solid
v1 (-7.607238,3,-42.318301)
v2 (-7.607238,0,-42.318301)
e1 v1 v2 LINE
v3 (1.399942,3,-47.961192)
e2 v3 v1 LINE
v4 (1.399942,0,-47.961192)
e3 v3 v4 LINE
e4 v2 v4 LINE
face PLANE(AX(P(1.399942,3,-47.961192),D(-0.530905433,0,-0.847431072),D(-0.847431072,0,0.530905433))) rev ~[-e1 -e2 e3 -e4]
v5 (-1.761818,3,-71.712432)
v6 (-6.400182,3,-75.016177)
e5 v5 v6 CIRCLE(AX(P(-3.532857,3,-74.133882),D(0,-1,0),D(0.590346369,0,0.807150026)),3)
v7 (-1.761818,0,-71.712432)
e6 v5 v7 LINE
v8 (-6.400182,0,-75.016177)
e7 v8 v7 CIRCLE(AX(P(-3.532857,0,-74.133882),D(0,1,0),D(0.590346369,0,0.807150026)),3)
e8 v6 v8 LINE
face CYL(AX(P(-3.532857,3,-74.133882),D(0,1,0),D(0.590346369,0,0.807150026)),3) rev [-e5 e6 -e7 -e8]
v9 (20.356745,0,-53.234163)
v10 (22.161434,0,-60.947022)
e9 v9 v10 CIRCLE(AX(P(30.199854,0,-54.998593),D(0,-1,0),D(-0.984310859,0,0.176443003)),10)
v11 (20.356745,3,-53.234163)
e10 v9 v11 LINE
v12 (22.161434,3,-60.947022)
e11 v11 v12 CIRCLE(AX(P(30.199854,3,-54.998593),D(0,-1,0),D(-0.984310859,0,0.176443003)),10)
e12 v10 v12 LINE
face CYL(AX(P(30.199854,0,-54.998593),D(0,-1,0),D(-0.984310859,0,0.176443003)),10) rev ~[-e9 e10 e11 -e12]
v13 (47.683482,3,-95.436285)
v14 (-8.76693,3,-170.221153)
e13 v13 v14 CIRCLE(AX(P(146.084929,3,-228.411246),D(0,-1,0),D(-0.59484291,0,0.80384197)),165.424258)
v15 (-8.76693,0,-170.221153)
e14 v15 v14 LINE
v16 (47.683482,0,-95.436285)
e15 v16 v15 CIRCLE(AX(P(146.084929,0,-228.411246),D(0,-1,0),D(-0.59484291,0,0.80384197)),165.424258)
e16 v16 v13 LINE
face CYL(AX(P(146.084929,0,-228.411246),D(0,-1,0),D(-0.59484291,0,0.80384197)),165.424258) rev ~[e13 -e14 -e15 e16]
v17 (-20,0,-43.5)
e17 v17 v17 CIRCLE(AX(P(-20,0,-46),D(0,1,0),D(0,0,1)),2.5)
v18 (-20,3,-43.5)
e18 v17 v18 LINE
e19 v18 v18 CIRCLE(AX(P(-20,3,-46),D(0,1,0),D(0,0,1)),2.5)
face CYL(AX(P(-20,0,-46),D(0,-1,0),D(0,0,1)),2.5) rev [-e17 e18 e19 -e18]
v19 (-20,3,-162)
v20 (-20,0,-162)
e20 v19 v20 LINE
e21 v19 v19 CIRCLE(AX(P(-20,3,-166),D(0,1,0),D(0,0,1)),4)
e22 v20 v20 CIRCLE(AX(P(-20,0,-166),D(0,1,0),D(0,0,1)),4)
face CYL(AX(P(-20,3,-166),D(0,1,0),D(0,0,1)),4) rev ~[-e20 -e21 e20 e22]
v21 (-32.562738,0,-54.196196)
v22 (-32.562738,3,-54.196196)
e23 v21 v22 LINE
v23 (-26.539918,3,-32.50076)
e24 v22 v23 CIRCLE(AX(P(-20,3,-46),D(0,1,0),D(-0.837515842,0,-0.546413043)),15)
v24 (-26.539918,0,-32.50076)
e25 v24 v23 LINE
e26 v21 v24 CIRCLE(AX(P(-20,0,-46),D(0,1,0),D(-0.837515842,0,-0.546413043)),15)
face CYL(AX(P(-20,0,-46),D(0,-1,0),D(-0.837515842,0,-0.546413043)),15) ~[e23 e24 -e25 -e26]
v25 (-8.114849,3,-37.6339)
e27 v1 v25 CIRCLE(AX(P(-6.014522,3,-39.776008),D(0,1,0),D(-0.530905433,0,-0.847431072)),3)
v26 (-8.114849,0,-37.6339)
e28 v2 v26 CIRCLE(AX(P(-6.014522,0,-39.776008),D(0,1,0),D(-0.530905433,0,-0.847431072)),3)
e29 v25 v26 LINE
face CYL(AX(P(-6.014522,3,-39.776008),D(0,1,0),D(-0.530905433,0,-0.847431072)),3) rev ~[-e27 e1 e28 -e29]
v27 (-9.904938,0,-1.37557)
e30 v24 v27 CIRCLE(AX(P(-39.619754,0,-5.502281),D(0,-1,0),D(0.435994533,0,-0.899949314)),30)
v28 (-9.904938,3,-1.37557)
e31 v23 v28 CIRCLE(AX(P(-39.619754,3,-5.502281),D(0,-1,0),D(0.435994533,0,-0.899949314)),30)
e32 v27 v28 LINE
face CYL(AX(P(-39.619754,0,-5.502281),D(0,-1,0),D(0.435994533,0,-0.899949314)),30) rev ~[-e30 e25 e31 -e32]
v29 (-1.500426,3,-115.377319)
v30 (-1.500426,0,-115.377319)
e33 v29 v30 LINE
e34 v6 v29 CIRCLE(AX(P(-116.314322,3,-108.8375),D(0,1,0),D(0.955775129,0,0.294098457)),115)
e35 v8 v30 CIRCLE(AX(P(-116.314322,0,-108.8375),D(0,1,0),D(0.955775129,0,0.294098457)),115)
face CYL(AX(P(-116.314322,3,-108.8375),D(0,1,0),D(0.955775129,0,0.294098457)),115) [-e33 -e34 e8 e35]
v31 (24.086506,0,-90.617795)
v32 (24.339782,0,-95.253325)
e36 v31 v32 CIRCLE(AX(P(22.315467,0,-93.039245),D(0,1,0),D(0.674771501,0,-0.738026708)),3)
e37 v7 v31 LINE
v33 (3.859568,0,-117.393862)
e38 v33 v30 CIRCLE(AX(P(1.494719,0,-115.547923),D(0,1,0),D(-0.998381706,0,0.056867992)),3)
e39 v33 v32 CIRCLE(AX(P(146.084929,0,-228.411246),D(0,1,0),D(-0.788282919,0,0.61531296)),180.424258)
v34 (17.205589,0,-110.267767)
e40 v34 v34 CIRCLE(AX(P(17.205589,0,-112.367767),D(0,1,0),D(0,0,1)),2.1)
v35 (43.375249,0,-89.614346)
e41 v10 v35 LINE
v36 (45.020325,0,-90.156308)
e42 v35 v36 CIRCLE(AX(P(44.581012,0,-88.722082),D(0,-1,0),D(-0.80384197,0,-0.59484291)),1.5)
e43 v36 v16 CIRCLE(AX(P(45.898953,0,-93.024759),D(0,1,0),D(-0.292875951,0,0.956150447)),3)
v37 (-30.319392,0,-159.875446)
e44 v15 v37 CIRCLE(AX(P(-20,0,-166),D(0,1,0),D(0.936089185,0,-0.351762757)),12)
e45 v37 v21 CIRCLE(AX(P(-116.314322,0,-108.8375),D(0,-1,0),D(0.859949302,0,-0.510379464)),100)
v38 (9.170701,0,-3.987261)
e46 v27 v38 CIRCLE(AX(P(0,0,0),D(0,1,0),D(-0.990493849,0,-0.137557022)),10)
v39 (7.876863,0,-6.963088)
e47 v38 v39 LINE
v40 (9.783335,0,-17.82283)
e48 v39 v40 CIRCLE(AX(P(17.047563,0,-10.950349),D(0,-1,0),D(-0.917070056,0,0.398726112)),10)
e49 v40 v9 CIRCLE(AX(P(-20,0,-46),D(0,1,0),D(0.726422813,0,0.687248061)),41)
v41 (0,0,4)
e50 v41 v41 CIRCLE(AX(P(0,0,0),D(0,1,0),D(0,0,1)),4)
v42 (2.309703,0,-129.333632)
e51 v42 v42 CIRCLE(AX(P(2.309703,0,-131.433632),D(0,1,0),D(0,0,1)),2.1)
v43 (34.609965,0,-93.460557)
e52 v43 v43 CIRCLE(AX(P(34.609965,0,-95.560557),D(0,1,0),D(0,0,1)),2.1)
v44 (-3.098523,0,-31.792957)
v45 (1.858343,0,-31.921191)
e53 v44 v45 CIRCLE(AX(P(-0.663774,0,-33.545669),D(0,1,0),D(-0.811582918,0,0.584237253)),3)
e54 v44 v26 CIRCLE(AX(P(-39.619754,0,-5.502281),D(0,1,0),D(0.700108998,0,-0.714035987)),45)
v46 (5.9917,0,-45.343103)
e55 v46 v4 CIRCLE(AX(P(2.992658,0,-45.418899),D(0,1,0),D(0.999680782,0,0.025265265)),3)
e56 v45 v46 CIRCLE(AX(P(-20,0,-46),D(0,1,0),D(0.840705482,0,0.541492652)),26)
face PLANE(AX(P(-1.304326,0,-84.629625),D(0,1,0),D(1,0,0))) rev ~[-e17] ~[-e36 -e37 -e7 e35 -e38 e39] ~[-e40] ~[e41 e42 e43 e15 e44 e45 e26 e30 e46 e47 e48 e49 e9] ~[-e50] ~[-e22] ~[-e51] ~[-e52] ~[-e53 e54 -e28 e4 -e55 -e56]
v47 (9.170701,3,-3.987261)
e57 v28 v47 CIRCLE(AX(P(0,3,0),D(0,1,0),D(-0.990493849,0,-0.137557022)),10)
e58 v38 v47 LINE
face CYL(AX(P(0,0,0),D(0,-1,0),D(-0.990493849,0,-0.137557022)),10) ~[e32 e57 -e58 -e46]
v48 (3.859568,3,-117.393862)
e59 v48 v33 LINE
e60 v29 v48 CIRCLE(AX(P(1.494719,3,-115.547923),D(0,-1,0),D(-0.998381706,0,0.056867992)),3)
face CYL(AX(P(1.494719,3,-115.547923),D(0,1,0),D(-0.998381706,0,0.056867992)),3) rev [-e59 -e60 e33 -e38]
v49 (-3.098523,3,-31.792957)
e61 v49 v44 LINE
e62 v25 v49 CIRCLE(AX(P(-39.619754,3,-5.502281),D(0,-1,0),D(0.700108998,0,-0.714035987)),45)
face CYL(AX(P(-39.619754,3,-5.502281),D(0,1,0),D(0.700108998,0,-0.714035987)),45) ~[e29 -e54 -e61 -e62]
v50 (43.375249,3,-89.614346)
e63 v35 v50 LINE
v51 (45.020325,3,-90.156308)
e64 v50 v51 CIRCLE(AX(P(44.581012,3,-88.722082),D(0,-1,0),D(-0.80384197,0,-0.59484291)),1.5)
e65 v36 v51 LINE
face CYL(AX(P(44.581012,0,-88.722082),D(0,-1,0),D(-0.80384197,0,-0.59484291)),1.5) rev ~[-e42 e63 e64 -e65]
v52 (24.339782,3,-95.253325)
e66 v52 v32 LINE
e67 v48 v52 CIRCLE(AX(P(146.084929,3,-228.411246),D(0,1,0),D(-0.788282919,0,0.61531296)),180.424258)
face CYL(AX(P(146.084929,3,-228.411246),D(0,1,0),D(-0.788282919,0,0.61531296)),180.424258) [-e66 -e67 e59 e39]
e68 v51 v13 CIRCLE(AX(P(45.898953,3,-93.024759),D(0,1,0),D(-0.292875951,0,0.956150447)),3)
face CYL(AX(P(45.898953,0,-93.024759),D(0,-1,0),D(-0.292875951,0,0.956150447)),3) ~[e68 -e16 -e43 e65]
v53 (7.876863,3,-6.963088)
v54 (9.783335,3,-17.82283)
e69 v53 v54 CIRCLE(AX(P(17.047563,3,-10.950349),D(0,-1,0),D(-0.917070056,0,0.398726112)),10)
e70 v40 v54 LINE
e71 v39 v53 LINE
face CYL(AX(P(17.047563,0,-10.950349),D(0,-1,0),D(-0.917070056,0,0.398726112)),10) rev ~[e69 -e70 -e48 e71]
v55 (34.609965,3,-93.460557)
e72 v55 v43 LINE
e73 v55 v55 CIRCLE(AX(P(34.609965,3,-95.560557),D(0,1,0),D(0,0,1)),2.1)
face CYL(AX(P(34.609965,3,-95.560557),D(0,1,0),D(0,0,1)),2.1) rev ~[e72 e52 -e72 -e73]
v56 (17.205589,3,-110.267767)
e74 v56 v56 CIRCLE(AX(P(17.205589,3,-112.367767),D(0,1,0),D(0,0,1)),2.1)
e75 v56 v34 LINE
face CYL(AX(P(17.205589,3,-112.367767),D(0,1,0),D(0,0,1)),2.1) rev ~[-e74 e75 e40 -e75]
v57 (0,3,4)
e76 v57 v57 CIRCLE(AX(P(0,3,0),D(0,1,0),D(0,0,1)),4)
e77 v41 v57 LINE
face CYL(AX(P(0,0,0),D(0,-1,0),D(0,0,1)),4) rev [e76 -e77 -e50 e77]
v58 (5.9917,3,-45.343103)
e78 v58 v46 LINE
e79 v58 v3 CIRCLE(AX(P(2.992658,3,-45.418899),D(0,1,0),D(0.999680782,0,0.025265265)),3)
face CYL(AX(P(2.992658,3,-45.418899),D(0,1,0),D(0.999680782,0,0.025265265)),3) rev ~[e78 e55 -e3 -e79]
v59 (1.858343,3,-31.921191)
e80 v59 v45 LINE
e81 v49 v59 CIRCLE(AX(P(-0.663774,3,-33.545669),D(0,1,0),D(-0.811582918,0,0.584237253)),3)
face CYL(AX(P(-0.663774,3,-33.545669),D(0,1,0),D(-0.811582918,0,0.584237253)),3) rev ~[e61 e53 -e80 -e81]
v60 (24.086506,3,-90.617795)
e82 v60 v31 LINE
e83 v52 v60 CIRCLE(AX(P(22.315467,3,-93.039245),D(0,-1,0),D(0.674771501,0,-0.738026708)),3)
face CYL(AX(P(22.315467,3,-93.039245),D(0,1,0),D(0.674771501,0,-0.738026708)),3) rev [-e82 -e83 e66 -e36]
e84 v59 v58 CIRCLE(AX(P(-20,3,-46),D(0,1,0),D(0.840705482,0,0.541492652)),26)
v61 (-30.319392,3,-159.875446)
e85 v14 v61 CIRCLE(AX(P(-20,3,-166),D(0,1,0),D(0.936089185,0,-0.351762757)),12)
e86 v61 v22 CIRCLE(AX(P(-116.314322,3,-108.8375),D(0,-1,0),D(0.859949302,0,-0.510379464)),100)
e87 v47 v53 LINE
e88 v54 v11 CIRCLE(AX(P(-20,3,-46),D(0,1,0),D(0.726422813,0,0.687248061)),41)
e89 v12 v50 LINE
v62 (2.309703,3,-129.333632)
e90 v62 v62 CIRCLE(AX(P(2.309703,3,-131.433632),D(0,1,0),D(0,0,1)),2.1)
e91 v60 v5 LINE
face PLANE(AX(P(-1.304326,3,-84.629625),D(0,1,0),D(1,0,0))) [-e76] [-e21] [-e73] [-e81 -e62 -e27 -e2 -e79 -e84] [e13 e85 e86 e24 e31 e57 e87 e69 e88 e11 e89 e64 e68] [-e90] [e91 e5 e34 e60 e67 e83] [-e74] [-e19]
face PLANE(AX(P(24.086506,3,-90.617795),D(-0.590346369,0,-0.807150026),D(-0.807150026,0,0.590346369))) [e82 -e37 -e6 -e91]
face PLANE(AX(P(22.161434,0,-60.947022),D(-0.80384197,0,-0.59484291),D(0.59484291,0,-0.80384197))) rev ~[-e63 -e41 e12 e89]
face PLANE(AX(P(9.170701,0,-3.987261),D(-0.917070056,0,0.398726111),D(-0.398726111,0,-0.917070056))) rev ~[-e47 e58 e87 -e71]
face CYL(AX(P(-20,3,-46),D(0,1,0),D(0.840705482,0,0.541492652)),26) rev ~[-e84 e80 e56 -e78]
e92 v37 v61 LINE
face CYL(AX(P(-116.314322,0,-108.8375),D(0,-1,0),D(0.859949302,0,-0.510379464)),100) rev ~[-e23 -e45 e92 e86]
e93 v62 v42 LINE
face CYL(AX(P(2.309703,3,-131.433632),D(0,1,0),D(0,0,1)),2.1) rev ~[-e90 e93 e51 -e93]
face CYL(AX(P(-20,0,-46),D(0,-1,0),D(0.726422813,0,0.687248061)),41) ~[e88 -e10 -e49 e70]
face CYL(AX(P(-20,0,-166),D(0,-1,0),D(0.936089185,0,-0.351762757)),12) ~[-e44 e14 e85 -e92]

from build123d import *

# Parameters (mm, degrees)
SKETCH1_R           = 4
SKETCH1_R_2         = 2.5
BOSS_EXTRUDE2_DEPTH = 3
CUT_EXTRUDE2_REACH  = 186.619
SKETCH2_R           = 4
CUT_EXTRUDE3_REACH  = 186.619
SKETCH3_R           = 2.1


with BuildPart() as part:
    # Sketch1 → Boss-Extrude2 (new body)
    with BuildSketch(Plane(origin=(0, 0, 0), x_dir=(1, 0, 0), z_dir=(0, 1, 0))):
        with BuildLine():
            Line((9.170700563, 3.987261114), (7.876862883, 6.963087778))
            ThreePointArc((7.876862883, 6.963087778), (7.198186925, 12.679447551), (9.783335319, 17.822829502))
            ThreePointArc((9.783335319, 17.822829502), (19.286109016, 34.269627525), (20.356745206, 53.234163146))
            ThreePointArc((20.356745206, 53.234163146), (20.462846426, 57.276901224), (22.161434095, 60.947022282))
            Line((22.161434095, 60.947022282), (43.375248586, 89.614346273))
            ThreePointArc((43.375248586, 89.614346273), (44.111659282, 90.146760278), (45.020325467, 90.156307579))
            ThreePointArc((45.020325467, 90.156307579), (48.577517121, 91.673723777), (47.683482049, 95.43628483))
            ThreePointArc((47.683482049, 95.43628483), (14.052723286, 128.748405766), (-8.766929777, 170.221153086))
            ThreePointArc((-8.766929777, 170.221153086), (-25.192986973, 176.818173889), (-30.319391627, 159.875446429))
            ThreePointArc((-30.319391627, 159.875446429), (-16.336845375, 106.715190551), (-32.562737633, 54.196195652))
            ThreePointArc((-32.562737633, 54.196195652), (-34.453402431, 41.987624374), (-26.539917992, 32.500760293))
            ThreePointArc((-26.539917992, 32.500760293), (-13.161486595, 19.643005303), (-9.904938494, 1.37557022))
            ThreePointArc((-9.904938494, 1.37557022), (1.356469191, -9.907572424), (9.170700563, 3.987261114))
        make_face()
        with Locations(Location((0, 0, 0), (0, 0, 270))):
            Circle(SKETCH1_R, mode=Mode.SUBTRACT)
        with Locations(Location((-20, 46, 0), (0, 0, 270))):
            Circle(SKETCH1_R_2, mode=Mode.SUBTRACT)
    extrude(amount=BOSS_EXTRUDE2_DEPTH)

    # Sketch2 → Cut-Extrude2 (cut, up to next)
    with BuildSketch(Plane(origin=(0, 3, 0), x_dir=(1, 0, 0), z_dir=(0, 1, 0)), mode=Mode.PRIVATE) as cut_extrude2_sk1:
        with Locations(Location((-20, 166, 0), (0, 0, 270))):
            Circle(SKETCH2_R)
    cut_extrude2_tool1 = extrude(cut_extrude2_sk1.sketch, amount=-CUT_EXTRUDE2_REACH, mode=Mode.PRIVATE) & part.part
    # Sketch2 → Cut-Extrude2 (cut, up to next)
    with BuildSketch(Plane(origin=(0, 3, 0), x_dir=(1, 0, 0), z_dir=(0, 1, 0)), mode=Mode.PRIVATE) as cut_extrude2_sk2:
        with BuildLine():
            Line((24.08650635, 90.617794829), (-1.761817511, 71.71243196))
            ThreePointArc((-1.761817511, 71.71243196), (-5.273300355, 71.690348613), (-6.400182005, 75.01617741))
            ThreePointArc((-6.400182005, 75.01617741), (-2.152471882, 94.978495294), (-1.500425627, 115.37731909))
            ThreePointArc((-1.500425627, 115.37731909), (0.438343778, 118.355781743), (3.85956825, 117.393861946))
            ThreePointArc((3.85956825, 117.393861946), (13.636229053, 105.89490145), (24.339781746, 95.253325031))
            ThreePointArc((24.339781746, 95.253325031), (25.310999303, 92.875575481), (24.08650635, 90.617794829))
        make_face()
    cut_extrude2_tool2 = extrude(cut_extrude2_sk2.sketch, amount=-CUT_EXTRUDE2_REACH, mode=Mode.PRIVATE) & part.part
    # Sketch2 → Cut-Extrude2 (cut, up to next)
    with BuildSketch(Plane(origin=(0, 3, 0), x_dir=(1, 0, 0), z_dir=(0, 1, 0)), mode=Mode.PRIVATE) as cut_extrude2_sk3:
        with BuildLine():
            Line((1.399941693, 47.961192116), (-7.607238393, 42.3183015))
            ThreePointArc((-7.607238393, 42.3183015), (-8.997062251, 40.099202055), (-8.114849087, 37.633900322))
            ThreePointArc((-8.114849087, 37.633900322), (-5.481535576, 34.820910528), (-3.098522666, 31.792957242))
            ThreePointArc((-3.098522666, 31.792957242), (-0.586190052, 30.546672377), (1.858342535, 31.921191043))
            ThreePointArc((1.858342535, 31.921191043), (4.848412053, 38.347783431), (5.991700338, 45.343103105))
            ThreePointArc((5.991700338, 45.343103105), (4.478604072, 48.025038621), (1.399941693, 47.961192116))
        make_face()
    cut_extrude2_tool3 = extrude(cut_extrude2_sk3.sketch, amount=-CUT_EXTRUDE2_REACH, mode=Mode.PRIVATE) & part.part
    add(cut_extrude2_tool1.solids().sort_by_distance((-20, 3, -166))[0], mode=Mode.SUBTRACT)
    add(cut_extrude2_tool2.solids().sort_by_distance((6.92649, 3, -93.946856))[0], mode=Mode.SUBTRACT)
    add(cut_extrude2_tool3.solids().sort_by_distance((-0.710411, 3, -39.721946))[0], mode=Mode.SUBTRACT)

    # Sketch3 → Cut-Extrude3 (cut, up to next)
    with BuildSketch(Plane(origin=(0, 3, 0), x_dir=(1, 0, 0), z_dir=(0, 1, 0)), mode=Mode.PRIVATE) as cut_extrude3_sk1:
        with Locations(Location((2.309703224, 131.433631836, 0), (0, 0, 270))):
            Circle(SKETCH3_R)
    cut_extrude3_tool1 = extrude(cut_extrude3_sk1.sketch, amount=-CUT_EXTRUDE3_REACH, mode=Mode.PRIVATE) & part.part
    # Sketch3 → Cut-Extrude3 (cut, up to next)
    with BuildSketch(Plane(origin=(0, 3, 0), x_dir=(1, 0, 0), z_dir=(0, 1, 0)), mode=Mode.PRIVATE) as cut_extrude3_sk2:
        with Locations(Location((34.609964816, 95.56055708, 0), (0, 0, 270))):
            Circle(SKETCH3_R)
    cut_extrude3_tool2 = extrude(cut_extrude3_sk2.sketch, amount=-CUT_EXTRUDE3_REACH, mode=Mode.PRIVATE) & part.part
    # Sketch3 → Cut-Extrude3 (cut, up to next)
    with BuildSketch(Plane(origin=(0, 3, 0), x_dir=(1, 0, 0), z_dir=(0, 1, 0)), mode=Mode.PRIVATE) as cut_extrude3_sk3:
        with Locations(Location((17.205589144, 112.367767299, 0), (0, 0, 270))):
            Circle(SKETCH3_R)
    cut_extrude3_tool3 = extrude(cut_extrude3_sk3.sketch, amount=-CUT_EXTRUDE3_REACH, mode=Mode.PRIVATE) & part.part
    add(cut_extrude3_tool1.solids().sort_by_distance((2.309703, 3, -131.433632))[0], mode=Mode.SUBTRACT)
    add(cut_extrude3_tool2.solids().sort_by_distance((34.609965, 3, -95.560557))[0], mode=Mode.SUBTRACT)
    add(cut_extrude3_tool3.solids().sort_by_distance((17.205589, 3, -112.367767))[0], mode=Mode.SUBTRACT)


solid = part.part
